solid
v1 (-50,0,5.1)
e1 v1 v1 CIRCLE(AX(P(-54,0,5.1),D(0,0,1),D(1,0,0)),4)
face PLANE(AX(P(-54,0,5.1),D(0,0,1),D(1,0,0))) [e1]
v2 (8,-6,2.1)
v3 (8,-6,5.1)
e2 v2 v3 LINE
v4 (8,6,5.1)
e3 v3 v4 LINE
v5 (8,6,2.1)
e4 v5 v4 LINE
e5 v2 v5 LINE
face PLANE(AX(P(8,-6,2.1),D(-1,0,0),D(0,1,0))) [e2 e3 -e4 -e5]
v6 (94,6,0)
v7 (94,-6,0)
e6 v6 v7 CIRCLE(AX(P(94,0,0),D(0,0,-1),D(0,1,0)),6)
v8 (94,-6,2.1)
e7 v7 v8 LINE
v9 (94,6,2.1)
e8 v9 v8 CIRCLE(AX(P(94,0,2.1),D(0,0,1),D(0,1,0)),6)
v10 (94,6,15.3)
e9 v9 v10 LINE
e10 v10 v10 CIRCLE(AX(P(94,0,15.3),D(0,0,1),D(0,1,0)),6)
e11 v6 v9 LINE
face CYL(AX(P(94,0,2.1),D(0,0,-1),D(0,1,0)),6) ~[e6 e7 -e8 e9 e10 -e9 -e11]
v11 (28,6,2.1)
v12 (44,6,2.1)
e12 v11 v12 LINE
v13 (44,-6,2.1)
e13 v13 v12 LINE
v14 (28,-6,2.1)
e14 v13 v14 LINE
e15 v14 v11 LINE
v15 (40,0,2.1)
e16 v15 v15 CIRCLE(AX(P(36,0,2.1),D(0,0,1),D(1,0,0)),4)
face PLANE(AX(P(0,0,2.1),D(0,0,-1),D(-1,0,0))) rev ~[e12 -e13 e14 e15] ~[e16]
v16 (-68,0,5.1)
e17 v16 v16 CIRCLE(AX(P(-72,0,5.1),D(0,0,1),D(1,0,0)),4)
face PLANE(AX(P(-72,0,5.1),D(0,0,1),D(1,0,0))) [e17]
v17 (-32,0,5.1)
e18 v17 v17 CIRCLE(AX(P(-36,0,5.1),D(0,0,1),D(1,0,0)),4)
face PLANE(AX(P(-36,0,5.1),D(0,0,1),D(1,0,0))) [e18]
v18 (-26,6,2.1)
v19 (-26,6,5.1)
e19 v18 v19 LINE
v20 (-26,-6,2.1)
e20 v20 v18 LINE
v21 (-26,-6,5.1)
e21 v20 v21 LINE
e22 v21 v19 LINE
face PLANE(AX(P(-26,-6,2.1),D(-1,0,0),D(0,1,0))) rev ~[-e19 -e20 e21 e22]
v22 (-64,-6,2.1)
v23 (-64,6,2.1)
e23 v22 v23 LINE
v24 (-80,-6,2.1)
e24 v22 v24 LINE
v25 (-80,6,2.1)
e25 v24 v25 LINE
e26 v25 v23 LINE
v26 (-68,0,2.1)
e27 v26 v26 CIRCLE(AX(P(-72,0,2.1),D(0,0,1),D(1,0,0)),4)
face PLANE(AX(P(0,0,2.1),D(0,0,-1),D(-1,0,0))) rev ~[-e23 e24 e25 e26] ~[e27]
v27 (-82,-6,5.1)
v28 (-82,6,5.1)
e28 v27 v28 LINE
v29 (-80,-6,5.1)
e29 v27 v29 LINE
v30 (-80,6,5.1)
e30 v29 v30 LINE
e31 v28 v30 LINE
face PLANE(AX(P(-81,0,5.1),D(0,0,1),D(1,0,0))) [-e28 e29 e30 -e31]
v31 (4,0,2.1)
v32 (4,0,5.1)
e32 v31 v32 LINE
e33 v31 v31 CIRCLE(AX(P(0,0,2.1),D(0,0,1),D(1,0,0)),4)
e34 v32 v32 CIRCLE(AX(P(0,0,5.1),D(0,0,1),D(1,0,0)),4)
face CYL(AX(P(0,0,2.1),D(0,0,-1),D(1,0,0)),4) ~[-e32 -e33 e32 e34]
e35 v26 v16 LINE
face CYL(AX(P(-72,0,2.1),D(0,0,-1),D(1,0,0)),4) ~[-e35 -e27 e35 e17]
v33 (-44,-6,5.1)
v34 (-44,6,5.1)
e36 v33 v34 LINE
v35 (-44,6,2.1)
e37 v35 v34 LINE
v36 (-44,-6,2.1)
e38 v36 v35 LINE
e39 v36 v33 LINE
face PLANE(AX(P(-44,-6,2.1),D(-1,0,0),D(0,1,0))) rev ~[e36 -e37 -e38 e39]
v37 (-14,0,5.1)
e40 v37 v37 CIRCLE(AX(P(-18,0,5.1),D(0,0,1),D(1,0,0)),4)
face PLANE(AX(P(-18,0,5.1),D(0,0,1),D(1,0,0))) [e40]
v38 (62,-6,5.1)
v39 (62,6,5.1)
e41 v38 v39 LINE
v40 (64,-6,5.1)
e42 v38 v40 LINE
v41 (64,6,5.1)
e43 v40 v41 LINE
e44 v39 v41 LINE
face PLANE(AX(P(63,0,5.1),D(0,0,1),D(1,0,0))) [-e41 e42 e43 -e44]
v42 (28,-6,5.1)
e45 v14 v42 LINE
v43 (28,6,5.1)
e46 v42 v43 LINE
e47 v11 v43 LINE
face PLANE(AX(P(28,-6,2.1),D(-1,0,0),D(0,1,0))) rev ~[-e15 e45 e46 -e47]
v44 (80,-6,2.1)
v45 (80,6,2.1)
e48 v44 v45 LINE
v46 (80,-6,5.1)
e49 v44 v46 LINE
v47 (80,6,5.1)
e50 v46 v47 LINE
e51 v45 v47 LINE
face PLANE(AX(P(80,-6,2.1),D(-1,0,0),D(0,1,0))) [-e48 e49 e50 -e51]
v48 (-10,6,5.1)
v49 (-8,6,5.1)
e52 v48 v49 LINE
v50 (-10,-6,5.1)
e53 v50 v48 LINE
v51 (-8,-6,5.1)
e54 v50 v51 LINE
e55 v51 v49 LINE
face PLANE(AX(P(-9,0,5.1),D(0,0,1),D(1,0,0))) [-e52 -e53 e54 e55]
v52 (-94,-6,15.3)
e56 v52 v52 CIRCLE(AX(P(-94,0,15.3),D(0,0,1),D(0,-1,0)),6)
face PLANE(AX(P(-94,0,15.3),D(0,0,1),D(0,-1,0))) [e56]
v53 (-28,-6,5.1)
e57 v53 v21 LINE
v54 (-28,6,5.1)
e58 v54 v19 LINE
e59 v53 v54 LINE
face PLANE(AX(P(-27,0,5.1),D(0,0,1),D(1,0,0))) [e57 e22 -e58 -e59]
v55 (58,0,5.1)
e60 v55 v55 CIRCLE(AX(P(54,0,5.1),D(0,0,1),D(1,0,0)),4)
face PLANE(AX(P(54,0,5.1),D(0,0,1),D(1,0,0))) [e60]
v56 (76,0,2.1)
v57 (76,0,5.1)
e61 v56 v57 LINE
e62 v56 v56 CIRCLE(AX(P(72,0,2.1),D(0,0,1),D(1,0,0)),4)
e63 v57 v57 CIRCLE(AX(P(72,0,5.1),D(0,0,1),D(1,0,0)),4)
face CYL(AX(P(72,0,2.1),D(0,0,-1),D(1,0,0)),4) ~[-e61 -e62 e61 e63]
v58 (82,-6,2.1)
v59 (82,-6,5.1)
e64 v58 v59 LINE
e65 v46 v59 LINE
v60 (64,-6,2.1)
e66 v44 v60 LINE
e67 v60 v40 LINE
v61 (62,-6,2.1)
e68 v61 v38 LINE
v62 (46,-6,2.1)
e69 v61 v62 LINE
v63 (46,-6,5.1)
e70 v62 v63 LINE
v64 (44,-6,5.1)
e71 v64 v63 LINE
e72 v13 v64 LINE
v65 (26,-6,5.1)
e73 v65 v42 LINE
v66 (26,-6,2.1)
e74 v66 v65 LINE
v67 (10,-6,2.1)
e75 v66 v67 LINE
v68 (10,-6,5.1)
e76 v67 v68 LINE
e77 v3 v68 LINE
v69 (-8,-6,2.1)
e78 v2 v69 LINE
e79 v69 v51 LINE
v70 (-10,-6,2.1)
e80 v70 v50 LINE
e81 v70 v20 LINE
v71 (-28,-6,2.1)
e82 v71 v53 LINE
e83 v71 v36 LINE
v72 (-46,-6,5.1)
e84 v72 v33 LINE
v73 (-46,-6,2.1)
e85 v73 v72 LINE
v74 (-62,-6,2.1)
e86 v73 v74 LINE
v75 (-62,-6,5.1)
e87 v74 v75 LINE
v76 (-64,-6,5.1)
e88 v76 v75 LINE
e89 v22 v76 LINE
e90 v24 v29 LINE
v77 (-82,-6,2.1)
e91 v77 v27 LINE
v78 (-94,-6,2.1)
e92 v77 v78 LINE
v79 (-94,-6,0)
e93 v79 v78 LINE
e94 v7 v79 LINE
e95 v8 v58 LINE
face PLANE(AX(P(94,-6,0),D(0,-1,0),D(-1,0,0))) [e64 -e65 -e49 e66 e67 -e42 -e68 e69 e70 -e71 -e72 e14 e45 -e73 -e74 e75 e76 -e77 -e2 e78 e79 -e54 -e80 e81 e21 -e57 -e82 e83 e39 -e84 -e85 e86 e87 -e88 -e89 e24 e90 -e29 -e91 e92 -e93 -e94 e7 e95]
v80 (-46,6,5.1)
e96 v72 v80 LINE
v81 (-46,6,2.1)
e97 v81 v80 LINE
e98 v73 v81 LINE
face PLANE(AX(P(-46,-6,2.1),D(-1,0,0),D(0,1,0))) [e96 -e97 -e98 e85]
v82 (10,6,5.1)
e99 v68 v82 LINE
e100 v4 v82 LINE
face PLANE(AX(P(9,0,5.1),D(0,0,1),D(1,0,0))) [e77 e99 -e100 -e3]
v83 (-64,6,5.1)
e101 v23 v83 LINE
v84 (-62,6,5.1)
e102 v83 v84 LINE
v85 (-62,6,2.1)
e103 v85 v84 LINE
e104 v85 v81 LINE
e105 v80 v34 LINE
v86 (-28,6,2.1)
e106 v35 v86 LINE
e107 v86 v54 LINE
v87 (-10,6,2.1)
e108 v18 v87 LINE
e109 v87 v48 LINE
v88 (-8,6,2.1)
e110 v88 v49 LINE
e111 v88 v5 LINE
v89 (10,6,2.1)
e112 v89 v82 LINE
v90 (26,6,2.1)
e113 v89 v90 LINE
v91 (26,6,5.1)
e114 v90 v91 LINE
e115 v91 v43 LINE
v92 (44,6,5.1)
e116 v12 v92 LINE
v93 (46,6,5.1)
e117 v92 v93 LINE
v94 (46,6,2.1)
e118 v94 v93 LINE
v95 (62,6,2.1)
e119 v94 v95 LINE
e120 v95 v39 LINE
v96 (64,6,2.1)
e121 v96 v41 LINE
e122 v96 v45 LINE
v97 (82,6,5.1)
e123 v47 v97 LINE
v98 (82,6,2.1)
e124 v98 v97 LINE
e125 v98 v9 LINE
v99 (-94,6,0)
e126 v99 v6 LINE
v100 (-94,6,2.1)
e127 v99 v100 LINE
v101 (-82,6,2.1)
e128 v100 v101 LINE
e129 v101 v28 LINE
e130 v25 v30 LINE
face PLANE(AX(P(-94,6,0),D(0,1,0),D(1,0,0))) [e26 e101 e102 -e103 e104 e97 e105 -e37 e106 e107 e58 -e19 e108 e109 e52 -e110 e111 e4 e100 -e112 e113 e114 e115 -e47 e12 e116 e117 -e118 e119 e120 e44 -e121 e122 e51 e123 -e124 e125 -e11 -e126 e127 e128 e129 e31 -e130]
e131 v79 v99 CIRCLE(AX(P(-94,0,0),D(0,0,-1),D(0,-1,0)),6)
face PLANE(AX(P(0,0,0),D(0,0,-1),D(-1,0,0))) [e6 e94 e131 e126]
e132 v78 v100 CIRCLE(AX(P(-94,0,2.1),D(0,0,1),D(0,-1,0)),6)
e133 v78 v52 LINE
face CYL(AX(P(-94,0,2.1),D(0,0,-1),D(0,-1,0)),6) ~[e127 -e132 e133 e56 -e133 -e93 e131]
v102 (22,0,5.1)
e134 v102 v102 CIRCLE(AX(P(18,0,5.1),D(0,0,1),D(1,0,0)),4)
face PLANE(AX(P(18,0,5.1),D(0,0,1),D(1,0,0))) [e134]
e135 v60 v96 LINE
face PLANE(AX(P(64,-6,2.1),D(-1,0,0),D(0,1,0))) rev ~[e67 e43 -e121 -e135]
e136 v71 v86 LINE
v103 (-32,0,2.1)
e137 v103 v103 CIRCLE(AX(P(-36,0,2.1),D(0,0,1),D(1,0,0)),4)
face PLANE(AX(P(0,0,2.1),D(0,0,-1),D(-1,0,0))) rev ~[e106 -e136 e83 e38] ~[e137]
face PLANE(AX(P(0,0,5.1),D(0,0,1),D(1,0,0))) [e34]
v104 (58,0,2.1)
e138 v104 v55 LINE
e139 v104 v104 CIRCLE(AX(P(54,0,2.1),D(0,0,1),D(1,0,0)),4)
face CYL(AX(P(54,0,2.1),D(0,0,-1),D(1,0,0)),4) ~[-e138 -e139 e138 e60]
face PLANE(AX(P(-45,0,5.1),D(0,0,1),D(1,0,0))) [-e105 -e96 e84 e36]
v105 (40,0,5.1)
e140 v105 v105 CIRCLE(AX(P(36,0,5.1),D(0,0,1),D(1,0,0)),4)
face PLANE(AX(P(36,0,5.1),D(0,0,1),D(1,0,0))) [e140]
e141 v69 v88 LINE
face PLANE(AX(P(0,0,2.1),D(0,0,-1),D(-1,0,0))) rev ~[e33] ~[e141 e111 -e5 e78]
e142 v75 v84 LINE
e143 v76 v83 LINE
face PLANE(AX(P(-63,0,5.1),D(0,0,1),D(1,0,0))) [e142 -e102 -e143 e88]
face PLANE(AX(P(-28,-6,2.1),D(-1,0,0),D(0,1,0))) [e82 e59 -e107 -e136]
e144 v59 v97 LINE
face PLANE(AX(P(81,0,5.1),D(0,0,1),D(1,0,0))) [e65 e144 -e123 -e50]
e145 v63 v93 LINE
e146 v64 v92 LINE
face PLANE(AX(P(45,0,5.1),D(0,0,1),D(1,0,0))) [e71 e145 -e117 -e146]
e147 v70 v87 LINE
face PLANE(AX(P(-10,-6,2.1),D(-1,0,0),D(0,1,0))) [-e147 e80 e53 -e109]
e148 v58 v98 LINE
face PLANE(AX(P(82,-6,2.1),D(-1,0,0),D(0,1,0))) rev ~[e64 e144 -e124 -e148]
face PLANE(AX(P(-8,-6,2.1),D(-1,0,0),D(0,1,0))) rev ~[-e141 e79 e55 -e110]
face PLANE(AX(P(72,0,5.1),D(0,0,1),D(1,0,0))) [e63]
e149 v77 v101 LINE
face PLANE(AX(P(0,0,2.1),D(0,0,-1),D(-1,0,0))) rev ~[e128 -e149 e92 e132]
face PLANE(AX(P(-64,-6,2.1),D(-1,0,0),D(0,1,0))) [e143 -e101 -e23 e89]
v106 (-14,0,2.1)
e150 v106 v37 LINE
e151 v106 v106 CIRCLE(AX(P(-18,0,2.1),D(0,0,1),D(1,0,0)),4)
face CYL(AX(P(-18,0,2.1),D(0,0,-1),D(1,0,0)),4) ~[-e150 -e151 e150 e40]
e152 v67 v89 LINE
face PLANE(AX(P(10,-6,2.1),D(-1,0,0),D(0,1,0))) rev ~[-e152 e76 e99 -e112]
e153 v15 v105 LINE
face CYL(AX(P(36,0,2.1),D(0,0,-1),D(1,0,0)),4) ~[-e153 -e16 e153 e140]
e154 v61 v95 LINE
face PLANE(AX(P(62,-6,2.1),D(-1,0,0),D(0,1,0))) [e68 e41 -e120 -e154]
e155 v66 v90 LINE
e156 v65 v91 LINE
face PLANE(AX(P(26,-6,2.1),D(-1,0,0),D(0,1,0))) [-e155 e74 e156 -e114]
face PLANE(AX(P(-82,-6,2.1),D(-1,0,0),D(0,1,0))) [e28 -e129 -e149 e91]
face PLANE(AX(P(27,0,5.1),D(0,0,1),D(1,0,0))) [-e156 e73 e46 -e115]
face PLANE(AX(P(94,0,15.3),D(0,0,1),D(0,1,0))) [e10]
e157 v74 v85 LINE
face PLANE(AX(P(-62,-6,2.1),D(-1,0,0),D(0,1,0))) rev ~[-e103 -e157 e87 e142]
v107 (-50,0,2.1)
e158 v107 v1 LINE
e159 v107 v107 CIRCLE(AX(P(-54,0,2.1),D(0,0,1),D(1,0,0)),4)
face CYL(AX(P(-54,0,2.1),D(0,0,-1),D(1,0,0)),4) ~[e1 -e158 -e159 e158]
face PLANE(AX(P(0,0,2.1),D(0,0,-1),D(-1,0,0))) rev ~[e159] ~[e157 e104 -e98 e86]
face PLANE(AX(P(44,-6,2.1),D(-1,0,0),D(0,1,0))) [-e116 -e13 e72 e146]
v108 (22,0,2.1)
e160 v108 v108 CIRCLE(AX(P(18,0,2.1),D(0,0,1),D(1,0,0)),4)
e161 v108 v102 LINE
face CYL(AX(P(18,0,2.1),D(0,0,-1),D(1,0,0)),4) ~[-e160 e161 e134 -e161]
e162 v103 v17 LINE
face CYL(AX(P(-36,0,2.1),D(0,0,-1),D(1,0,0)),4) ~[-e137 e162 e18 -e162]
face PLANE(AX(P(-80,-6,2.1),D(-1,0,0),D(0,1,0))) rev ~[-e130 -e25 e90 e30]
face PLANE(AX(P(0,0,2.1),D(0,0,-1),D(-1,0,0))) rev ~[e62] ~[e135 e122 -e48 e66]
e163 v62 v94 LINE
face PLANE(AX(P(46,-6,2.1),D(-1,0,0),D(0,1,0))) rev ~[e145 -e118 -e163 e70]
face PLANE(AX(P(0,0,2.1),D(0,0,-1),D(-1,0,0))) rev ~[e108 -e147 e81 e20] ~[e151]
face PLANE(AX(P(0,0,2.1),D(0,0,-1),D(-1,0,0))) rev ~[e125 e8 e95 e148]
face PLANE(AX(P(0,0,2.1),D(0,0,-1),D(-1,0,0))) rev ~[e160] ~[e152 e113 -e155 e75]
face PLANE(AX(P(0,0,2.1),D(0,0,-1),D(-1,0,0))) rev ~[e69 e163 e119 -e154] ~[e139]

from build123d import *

# Parameters (mm, degrees)
EXTRUDE_1_DEPTH = 2.1
SKETCH_2_R      = 6
EXTRUDE_2_DEPTH = 13.2
SKETCH_3_R      = 4
SKETCH_3_W      = 2
SKETCH_3_H      = 12
EXTRUDE_3_DEPTH = 3


with BuildPart() as part:
    # Эскиз1 → Бобышка-Вытянуть1 (new body)
    with BuildSketch(Plane.XY):
        with BuildLine():
            Line((-94, 6), (94, 6))
            ThreePointArc((94, 6), (100, 0), (94, -6))
            Line((94, -6), (-94, -6))
            ThreePointArc((-94, -6), (-100, 0), (-94, 6))
        make_face()
    extrude(amount=EXTRUDE_1_DEPTH)

    # Эскиз2 → Бобышка-Вытянуть2 (add)
    with BuildSketch(Plane.XY.offset(2.1)):
        with Locations(Location((-94, 0, 0), (0, 0, 270))):
            Circle(SKETCH_2_R)
        with Locations(Location((94, 0, 0), (0, 0, 90))):
            Circle(SKETCH_2_R)
    extrude(amount=EXTRUDE_2_DEPTH)

    # Эскиз3 → Бобышка-Вытянуть3 (add)
    with BuildSketch(Plane.XY.offset(2.1)):
        with Locations((-72, 0)):
            Circle(SKETCH_3_R)
        with Locations((-36, 0)):
            Circle(SKETCH_3_R)
        Circle(SKETCH_3_R)
        with Locations((36, 0)):
            Circle(SKETCH_3_R)
        with Locations((72, 0)):
            Circle(SKETCH_3_R)
        with Locations((-54, 0)):
            Circle(SKETCH_3_R)
        with Locations((-18, 0)):
            Circle(SKETCH_3_R)
        with Locations((18, 0)):
            Circle(SKETCH_3_R)
        with Locations((54, 0)):
            Circle(SKETCH_3_R)
        with Locations((-81, 0)):
            Rectangle(SKETCH_3_W, SKETCH_3_H)
        with Locations((-63, 0)):
            Rectangle(SKETCH_3_W, SKETCH_3_H)
        with Locations((-45, 0)):
            Rectangle(SKETCH_3_W, SKETCH_3_H)
        with Locations((-27, 0)):
            Rectangle(SKETCH_3_W, SKETCH_3_H)
        with Locations((-9, 0)):
            Rectangle(SKETCH_3_W, SKETCH_3_H)
        with Locations((9, 0)):
            Rectangle(SKETCH_3_W, SKETCH_3_H)
        with Locations((27, 0)):
            Rectangle(SKETCH_3_W, SKETCH_3_H)
        with Locations((45, 0)):
            Rectangle(SKETCH_3_W, SKETCH_3_H)
        with Locations((63, 0)):
            Rectangle(SKETCH_3_W, SKETCH_3_H)
        with Locations((81, 0)):
            Rectangle(SKETCH_3_W, SKETCH_3_H)
    extrude(amount=EXTRUDE_3_DEPTH)


solid = part.part
